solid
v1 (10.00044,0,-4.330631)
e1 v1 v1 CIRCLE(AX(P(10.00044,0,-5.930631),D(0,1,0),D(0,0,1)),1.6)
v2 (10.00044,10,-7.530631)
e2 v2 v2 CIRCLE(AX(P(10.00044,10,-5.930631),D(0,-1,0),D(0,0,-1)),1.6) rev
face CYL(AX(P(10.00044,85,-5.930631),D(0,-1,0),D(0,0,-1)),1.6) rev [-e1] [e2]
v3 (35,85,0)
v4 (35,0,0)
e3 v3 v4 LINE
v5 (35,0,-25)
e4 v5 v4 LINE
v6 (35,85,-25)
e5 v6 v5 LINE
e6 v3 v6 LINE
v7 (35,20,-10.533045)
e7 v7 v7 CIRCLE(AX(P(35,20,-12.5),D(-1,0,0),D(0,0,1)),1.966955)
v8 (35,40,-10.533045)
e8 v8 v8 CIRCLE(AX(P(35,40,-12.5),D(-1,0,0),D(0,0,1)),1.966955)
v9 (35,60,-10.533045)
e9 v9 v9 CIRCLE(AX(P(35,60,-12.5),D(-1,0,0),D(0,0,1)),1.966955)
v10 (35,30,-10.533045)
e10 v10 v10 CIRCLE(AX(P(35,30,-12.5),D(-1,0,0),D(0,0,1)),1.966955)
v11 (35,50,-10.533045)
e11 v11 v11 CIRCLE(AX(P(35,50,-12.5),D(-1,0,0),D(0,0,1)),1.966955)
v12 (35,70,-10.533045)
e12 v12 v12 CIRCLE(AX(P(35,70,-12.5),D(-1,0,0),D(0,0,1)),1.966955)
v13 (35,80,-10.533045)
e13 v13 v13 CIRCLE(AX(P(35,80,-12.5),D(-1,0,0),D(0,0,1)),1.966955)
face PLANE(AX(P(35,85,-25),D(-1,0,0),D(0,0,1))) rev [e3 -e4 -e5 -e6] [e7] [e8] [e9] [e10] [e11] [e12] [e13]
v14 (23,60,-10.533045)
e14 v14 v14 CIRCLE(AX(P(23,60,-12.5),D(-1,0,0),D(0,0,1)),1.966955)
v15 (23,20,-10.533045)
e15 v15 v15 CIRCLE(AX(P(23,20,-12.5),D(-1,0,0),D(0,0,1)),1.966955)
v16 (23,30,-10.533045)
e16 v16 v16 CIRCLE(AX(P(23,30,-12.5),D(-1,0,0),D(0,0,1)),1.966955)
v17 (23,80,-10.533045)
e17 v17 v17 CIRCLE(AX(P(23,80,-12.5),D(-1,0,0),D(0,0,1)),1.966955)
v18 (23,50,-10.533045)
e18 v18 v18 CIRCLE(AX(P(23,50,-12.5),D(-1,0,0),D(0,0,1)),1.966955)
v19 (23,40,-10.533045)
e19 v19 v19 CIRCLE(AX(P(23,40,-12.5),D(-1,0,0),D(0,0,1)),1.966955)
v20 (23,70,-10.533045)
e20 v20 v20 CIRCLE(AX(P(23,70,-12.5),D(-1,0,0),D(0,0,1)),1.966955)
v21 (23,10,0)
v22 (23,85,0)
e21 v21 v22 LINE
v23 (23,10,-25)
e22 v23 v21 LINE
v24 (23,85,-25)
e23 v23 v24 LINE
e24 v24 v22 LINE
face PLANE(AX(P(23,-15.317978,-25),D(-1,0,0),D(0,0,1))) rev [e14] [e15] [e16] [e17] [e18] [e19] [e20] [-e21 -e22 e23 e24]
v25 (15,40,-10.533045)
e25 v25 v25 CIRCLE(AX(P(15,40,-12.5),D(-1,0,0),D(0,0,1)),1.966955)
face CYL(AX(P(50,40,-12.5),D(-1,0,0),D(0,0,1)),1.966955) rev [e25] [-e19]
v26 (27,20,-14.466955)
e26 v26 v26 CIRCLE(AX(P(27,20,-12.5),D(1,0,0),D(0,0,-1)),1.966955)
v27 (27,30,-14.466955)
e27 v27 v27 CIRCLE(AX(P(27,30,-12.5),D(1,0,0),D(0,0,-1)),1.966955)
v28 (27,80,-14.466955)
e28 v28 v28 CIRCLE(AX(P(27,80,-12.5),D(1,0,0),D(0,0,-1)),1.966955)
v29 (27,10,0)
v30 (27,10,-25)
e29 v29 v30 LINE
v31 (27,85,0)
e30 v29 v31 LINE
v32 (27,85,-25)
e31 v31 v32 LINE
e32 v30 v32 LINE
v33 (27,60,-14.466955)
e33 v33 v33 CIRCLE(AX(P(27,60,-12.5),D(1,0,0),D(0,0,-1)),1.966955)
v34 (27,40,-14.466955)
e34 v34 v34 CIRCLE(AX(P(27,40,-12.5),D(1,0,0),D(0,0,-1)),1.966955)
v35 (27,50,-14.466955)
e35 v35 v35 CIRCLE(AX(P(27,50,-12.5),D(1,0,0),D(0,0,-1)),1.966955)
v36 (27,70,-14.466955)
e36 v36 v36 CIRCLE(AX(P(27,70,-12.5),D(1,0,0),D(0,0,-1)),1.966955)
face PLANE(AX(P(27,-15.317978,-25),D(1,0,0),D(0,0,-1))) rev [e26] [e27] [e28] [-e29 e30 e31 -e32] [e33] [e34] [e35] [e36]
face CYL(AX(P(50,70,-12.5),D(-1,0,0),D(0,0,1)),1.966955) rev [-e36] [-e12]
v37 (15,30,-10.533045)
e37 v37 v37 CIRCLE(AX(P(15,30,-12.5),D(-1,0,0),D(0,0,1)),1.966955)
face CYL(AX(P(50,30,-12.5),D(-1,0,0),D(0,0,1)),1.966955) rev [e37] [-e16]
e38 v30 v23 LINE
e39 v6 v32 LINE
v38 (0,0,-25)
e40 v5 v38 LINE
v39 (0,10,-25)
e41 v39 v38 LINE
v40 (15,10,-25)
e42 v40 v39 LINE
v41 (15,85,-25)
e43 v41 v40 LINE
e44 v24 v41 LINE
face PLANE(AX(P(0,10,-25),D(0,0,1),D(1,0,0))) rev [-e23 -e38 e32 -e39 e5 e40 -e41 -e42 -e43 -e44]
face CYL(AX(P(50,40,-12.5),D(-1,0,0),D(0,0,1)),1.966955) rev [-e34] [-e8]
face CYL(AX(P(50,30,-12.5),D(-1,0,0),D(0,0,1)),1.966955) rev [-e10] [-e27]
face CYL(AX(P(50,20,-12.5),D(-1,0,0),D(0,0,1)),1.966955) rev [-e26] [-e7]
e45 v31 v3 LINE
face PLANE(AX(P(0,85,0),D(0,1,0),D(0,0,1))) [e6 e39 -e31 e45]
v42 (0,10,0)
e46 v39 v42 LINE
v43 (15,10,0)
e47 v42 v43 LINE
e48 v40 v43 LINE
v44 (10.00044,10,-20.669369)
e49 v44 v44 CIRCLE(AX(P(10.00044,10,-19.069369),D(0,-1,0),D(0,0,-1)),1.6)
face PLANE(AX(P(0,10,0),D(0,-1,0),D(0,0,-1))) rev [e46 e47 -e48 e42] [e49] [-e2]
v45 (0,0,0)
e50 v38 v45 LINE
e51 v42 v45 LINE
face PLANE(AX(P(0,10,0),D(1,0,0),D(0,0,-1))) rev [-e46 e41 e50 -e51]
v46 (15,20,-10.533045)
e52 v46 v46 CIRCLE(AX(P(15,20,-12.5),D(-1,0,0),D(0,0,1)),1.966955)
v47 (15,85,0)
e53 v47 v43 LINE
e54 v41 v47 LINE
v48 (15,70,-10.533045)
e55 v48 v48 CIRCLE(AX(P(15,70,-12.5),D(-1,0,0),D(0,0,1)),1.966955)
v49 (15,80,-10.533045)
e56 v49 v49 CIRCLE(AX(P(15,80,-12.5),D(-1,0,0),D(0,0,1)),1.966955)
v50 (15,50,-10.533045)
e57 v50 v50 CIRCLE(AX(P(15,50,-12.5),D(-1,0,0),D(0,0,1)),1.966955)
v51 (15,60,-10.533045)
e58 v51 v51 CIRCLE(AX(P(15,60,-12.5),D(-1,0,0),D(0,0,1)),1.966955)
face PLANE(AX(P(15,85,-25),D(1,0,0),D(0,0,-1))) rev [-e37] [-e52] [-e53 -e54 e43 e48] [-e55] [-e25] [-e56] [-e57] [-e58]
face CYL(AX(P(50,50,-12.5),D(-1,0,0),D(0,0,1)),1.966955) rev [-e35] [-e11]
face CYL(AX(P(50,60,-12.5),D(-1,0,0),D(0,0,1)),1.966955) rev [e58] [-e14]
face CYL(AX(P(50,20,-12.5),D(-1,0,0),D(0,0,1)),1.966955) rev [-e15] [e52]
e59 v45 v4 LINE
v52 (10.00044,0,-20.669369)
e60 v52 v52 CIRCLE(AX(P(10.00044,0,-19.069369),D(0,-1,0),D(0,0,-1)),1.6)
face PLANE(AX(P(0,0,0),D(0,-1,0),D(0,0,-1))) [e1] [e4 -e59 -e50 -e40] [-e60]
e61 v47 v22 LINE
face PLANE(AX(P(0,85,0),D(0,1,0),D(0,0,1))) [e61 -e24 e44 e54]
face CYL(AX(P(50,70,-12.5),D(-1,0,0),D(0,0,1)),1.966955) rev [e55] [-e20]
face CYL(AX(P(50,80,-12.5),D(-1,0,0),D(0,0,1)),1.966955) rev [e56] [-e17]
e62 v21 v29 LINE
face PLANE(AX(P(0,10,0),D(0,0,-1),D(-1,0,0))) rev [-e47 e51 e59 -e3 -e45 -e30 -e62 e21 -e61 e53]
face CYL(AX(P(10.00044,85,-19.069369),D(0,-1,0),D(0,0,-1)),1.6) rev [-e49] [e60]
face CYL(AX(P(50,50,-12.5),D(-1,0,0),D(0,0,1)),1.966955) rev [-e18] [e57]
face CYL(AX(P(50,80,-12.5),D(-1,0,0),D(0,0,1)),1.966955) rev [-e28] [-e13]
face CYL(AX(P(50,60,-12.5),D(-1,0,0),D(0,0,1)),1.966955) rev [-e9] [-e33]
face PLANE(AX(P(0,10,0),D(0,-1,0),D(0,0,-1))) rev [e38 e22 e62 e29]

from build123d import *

# Parameters (mm, degrees)
SKETCH1_W           = 50
SKETCH1_H           = 25
BOSS_EXTRUDE1_DEPTH = 10
SKETCH2_W           = 20
SKETCH2_H           = 25
BOSS_EXTRUDE2_DEPTH = 75
SKETCH3_W           = 4
SKETCH3_H           = 25
CUT_EXTRUDE1_DEPTH  = 75
SKETCH4_R           = 1.966955022
CUT_EXTRUDE2_DEPTH  = 96.262794416
LPATTERN1_COUNT     = 7
LPATTERN1_PITCH     = 10
SKETCH5_W           = 15
SKETCH5_H           = 25
CUT_EXTRUDE3_DEPTH  = 94.541434669
SKETCH6_R           = 1.6
CUT_EXTRUDE4_DEPTH  = 96.262794416


with BuildPart() as part:
    # Sketch1 → Boss-Extrude1 (new body)
    with BuildSketch(Plane(origin=(0, 0, 0), x_dir=(1, 0, 0), z_dir=(0, 1, 0))):
        with Locations((25, 12.5)):
            Rectangle(SKETCH1_W, SKETCH1_H)
    extrude(amount=BOSS_EXTRUDE1_DEPTH)

    # Sketch2 → Boss-Extrude2 (add)
    with BuildSketch(Plane(origin=(0, 10, 0), x_dir=(1, 0, 0), z_dir=(0, 1, 0))):
        with Locations((25, 12.5)):
            Rectangle(SKETCH2_W, SKETCH2_H)
    extrude(amount=BOSS_EXTRUDE2_DEPTH)

    # Sketch3 → Cut-Extrude1 (cut)
    with BuildSketch(Plane(origin=(0, 85, 0), x_dir=(1, 0, 0), z_dir=(0, 1, 0))):
        with Locations((25, 12.5)):
            Rectangle(SKETCH3_W, SKETCH3_H)
    extrude(amount=-CUT_EXTRUDE1_DEPTH, mode=Mode.SUBTRACT)

    # Sketch4 → Cut-Extrude2 (cut, through all)
    with BuildSketch(Plane.ZY.offset(-15)):
        with Locations((-12.5, 80)):
            Circle(SKETCH4_R)
    cut_extrude2 = extrude(amount=-CUT_EXTRUDE2_DEPTH, mode=Mode.SUBTRACT)

    # LPattern1: Cut-Extrude2 ×7
    with Locations(*[(0, -i * LPATTERN1_PITCH, 0) for i in range(1, LPATTERN1_COUNT)]):
        add(cut_extrude2, mode=Mode.SUBTRACT)

    # Sketch5 → Cut-Extrude3 (cut, through all)
    with BuildSketch(Plane(origin=(0, 10, 0), x_dir=(1, 0, 0), z_dir=(0, 1, 0))):
        with Locations((42.5, 12.5)):
            Rectangle(SKETCH5_W, SKETCH5_H)
    extrude(amount=-CUT_EXTRUDE3_DEPTH, mode=Mode.SUBTRACT)

    # Sketch6 → Cut-Extrude4 (cut, through all)
    with BuildSketch(Plane.XZ):
        with Locations(Location((10.000440006, -19.069369087, 0), (0, 0, 270))):
            Circle(SKETCH6_R)
    cut_extrude4 = extrude(amount=-CUT_EXTRUDE4_DEPTH, mode=Mode.SUBTRACT)

    # Mirror1: Cut-Extrude4 across plane
    add(cut_extrude4.mirror(Plane.XY.offset(-12.5)), mode=Mode.SUBTRACT)


solid = part.part
